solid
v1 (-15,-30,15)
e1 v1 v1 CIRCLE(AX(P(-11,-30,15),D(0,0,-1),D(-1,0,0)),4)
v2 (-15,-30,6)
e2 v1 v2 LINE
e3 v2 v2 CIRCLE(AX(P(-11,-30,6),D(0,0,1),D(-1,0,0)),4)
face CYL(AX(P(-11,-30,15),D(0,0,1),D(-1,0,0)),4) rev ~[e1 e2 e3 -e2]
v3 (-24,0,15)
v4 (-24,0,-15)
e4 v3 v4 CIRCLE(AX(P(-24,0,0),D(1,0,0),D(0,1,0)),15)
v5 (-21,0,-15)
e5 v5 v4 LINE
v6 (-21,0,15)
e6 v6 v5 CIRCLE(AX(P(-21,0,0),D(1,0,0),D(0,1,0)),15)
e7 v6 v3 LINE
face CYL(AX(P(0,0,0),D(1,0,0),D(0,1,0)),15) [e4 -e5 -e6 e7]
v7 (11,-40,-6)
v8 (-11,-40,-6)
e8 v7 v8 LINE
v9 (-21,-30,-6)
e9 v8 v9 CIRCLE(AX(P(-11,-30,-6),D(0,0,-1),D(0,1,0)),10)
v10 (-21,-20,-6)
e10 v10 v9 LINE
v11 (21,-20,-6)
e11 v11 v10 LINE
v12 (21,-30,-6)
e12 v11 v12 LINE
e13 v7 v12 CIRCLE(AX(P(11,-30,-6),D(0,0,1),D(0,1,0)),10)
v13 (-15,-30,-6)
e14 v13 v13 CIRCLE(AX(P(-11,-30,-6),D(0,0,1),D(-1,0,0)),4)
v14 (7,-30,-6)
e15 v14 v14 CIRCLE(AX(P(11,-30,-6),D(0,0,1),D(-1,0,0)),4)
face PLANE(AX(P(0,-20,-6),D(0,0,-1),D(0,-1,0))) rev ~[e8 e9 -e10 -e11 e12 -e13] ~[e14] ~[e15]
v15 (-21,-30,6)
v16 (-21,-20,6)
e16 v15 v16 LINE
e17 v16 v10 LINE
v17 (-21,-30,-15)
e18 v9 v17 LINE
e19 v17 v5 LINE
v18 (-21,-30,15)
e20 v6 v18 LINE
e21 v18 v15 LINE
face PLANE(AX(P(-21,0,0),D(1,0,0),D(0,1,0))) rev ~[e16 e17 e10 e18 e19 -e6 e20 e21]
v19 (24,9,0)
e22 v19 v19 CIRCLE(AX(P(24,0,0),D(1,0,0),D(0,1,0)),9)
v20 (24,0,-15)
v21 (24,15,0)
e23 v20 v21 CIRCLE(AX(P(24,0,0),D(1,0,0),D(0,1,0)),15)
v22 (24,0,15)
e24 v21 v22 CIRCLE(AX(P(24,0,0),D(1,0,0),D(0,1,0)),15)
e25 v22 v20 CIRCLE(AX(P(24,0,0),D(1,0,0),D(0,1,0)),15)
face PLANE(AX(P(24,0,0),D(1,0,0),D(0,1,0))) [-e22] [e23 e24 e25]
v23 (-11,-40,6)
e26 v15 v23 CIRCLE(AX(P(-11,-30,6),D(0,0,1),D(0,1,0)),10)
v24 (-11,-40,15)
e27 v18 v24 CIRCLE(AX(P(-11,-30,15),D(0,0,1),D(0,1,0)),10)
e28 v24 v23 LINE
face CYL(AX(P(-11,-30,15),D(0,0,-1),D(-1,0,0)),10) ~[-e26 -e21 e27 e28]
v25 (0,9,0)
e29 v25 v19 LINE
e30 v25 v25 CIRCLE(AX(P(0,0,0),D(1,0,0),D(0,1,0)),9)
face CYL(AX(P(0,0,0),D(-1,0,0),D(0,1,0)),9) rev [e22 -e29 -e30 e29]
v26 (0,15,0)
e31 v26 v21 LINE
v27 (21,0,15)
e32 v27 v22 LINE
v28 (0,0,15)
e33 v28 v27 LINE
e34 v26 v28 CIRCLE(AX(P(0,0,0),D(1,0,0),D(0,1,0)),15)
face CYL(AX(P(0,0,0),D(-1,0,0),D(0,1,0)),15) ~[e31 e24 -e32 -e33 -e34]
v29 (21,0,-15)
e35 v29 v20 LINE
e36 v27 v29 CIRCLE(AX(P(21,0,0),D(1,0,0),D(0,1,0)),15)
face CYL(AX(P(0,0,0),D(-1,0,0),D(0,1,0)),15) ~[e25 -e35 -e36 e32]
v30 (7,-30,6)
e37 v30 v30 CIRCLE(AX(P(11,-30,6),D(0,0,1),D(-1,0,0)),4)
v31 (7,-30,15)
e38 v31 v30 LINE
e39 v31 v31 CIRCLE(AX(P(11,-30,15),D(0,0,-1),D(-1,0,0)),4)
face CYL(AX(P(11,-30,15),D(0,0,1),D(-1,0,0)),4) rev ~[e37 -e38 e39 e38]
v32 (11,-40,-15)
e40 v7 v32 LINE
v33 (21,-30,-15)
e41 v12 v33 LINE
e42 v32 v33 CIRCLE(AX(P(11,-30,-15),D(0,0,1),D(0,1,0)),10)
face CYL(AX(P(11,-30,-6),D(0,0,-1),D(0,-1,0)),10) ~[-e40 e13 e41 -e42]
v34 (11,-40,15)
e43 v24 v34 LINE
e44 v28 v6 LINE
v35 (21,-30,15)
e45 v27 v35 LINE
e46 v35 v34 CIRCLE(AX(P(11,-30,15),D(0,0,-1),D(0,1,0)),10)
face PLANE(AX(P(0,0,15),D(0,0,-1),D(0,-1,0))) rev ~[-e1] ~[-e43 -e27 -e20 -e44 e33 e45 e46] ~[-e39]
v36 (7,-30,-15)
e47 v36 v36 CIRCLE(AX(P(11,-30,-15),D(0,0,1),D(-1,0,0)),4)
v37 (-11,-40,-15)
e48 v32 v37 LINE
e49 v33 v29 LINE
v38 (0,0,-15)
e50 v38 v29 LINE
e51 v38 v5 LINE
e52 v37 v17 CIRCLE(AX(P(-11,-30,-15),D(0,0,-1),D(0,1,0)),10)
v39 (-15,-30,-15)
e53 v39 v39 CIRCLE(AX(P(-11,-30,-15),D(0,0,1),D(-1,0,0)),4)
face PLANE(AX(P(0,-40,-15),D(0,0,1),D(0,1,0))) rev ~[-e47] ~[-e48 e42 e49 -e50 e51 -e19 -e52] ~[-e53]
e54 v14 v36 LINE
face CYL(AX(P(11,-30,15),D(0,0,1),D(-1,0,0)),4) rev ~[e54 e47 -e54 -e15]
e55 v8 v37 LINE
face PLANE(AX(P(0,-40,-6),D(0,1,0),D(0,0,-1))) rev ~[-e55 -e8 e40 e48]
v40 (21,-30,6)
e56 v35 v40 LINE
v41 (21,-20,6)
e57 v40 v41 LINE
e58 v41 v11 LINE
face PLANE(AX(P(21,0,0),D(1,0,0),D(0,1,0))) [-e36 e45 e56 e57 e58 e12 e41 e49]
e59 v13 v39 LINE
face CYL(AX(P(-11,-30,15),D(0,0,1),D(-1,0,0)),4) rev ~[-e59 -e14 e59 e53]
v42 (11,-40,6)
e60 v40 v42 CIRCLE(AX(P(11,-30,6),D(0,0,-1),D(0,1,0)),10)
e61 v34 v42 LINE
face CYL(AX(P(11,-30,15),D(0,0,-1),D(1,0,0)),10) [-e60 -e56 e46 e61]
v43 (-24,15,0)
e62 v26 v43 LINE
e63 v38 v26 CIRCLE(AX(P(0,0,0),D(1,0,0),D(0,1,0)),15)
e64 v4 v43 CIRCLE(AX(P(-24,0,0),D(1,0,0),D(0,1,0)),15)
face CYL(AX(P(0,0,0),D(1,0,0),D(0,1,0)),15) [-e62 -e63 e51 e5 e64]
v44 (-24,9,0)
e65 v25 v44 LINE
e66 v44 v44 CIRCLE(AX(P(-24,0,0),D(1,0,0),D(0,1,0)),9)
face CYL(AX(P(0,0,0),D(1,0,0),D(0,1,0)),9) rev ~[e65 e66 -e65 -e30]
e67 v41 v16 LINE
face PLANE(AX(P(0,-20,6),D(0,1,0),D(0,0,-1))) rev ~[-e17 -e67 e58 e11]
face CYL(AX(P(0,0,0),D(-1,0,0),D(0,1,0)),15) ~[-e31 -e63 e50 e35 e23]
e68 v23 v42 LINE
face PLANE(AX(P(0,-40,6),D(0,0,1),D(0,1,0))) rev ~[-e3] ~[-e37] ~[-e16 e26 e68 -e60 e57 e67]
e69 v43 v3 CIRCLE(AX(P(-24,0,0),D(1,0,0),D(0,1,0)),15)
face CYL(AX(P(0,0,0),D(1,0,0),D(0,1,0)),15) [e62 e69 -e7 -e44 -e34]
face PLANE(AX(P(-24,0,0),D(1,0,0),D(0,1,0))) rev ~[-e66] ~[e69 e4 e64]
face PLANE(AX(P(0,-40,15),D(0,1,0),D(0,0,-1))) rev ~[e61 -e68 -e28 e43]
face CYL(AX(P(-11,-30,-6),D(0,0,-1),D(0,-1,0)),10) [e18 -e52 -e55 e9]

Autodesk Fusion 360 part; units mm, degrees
sketch "草图1" plane through (0, 0, 0) normal (1, 0, 0) x (0, 1, 0)
  circle A0 centre (0, 0) radius 15
  circle A1 centre (0, 0) radius 9
  line L0 (0, 15) -> (-40, 15)
  line L1 (-40, 15) -> (-40, 6)
  line L2 (-40, 6) -> (-20, 6)
  line L3 (-20, 6) -> (-20, -6)
  line L4 (-20, -6) -> (-40, -6)
  line L5 (-40, -6) -> (-40, -15)
  line L6 (-40, -15) -> (0, -15)
  line L7 (-157.7005, 0) -> (55, 0) construction
  dimension "d1" = 30
  dimension "d2" = 18
  dimension "d3" = 12
  dimension "d4" = 20
  dimension "d5" = 40
extrude "拉伸1" add sketch "草图1" along normal mid plane 48 contours A0
extrude "拉伸2" add sketch "草图1" along normal mid plane 42 contours A0 L0 L1 L2 L3 L4 L5 L6
fillet "圆角1" radius 10 4 edges at (21, -40, 10.5) (21, -40, -10.5) (-21, -40, 10.5) (-21, -40, -10.5)
sketch "草图2" plane through (0, 0, 15) normal (0, 0, 1) x (-1, 0, 0)
  arc A0 (21, 30) -> (11, 40) centre (11, 30) ccw
  line L0 (11, 40) -> (-11, 40)
  arc A1 (-11, 40) -> (-21, 30) centre (-11, 30) ccw
  line L1 (-21, 30) -> (-21, 0)
  line L2 (-21, 0) -> (21, 0)
  line L3 (21, 0) -> (21, 30)
  line L4 (21, 30) -> (-21, 30)
  circle A2 centre (11, 30) radius 4
  circle A3 centre (-11, 30) radius 4
  line L5 (0, 0) -> (0, 40)
  line L6 (-11, 30) -> (-11, 40)
  dimension "d12" = 8
extrude "拉伸3" cut sketch "草图2" against normal through all contours L4 A2 | L4 A2 | L4 A3 L6 | L4 A3 L6 | L4 A3
